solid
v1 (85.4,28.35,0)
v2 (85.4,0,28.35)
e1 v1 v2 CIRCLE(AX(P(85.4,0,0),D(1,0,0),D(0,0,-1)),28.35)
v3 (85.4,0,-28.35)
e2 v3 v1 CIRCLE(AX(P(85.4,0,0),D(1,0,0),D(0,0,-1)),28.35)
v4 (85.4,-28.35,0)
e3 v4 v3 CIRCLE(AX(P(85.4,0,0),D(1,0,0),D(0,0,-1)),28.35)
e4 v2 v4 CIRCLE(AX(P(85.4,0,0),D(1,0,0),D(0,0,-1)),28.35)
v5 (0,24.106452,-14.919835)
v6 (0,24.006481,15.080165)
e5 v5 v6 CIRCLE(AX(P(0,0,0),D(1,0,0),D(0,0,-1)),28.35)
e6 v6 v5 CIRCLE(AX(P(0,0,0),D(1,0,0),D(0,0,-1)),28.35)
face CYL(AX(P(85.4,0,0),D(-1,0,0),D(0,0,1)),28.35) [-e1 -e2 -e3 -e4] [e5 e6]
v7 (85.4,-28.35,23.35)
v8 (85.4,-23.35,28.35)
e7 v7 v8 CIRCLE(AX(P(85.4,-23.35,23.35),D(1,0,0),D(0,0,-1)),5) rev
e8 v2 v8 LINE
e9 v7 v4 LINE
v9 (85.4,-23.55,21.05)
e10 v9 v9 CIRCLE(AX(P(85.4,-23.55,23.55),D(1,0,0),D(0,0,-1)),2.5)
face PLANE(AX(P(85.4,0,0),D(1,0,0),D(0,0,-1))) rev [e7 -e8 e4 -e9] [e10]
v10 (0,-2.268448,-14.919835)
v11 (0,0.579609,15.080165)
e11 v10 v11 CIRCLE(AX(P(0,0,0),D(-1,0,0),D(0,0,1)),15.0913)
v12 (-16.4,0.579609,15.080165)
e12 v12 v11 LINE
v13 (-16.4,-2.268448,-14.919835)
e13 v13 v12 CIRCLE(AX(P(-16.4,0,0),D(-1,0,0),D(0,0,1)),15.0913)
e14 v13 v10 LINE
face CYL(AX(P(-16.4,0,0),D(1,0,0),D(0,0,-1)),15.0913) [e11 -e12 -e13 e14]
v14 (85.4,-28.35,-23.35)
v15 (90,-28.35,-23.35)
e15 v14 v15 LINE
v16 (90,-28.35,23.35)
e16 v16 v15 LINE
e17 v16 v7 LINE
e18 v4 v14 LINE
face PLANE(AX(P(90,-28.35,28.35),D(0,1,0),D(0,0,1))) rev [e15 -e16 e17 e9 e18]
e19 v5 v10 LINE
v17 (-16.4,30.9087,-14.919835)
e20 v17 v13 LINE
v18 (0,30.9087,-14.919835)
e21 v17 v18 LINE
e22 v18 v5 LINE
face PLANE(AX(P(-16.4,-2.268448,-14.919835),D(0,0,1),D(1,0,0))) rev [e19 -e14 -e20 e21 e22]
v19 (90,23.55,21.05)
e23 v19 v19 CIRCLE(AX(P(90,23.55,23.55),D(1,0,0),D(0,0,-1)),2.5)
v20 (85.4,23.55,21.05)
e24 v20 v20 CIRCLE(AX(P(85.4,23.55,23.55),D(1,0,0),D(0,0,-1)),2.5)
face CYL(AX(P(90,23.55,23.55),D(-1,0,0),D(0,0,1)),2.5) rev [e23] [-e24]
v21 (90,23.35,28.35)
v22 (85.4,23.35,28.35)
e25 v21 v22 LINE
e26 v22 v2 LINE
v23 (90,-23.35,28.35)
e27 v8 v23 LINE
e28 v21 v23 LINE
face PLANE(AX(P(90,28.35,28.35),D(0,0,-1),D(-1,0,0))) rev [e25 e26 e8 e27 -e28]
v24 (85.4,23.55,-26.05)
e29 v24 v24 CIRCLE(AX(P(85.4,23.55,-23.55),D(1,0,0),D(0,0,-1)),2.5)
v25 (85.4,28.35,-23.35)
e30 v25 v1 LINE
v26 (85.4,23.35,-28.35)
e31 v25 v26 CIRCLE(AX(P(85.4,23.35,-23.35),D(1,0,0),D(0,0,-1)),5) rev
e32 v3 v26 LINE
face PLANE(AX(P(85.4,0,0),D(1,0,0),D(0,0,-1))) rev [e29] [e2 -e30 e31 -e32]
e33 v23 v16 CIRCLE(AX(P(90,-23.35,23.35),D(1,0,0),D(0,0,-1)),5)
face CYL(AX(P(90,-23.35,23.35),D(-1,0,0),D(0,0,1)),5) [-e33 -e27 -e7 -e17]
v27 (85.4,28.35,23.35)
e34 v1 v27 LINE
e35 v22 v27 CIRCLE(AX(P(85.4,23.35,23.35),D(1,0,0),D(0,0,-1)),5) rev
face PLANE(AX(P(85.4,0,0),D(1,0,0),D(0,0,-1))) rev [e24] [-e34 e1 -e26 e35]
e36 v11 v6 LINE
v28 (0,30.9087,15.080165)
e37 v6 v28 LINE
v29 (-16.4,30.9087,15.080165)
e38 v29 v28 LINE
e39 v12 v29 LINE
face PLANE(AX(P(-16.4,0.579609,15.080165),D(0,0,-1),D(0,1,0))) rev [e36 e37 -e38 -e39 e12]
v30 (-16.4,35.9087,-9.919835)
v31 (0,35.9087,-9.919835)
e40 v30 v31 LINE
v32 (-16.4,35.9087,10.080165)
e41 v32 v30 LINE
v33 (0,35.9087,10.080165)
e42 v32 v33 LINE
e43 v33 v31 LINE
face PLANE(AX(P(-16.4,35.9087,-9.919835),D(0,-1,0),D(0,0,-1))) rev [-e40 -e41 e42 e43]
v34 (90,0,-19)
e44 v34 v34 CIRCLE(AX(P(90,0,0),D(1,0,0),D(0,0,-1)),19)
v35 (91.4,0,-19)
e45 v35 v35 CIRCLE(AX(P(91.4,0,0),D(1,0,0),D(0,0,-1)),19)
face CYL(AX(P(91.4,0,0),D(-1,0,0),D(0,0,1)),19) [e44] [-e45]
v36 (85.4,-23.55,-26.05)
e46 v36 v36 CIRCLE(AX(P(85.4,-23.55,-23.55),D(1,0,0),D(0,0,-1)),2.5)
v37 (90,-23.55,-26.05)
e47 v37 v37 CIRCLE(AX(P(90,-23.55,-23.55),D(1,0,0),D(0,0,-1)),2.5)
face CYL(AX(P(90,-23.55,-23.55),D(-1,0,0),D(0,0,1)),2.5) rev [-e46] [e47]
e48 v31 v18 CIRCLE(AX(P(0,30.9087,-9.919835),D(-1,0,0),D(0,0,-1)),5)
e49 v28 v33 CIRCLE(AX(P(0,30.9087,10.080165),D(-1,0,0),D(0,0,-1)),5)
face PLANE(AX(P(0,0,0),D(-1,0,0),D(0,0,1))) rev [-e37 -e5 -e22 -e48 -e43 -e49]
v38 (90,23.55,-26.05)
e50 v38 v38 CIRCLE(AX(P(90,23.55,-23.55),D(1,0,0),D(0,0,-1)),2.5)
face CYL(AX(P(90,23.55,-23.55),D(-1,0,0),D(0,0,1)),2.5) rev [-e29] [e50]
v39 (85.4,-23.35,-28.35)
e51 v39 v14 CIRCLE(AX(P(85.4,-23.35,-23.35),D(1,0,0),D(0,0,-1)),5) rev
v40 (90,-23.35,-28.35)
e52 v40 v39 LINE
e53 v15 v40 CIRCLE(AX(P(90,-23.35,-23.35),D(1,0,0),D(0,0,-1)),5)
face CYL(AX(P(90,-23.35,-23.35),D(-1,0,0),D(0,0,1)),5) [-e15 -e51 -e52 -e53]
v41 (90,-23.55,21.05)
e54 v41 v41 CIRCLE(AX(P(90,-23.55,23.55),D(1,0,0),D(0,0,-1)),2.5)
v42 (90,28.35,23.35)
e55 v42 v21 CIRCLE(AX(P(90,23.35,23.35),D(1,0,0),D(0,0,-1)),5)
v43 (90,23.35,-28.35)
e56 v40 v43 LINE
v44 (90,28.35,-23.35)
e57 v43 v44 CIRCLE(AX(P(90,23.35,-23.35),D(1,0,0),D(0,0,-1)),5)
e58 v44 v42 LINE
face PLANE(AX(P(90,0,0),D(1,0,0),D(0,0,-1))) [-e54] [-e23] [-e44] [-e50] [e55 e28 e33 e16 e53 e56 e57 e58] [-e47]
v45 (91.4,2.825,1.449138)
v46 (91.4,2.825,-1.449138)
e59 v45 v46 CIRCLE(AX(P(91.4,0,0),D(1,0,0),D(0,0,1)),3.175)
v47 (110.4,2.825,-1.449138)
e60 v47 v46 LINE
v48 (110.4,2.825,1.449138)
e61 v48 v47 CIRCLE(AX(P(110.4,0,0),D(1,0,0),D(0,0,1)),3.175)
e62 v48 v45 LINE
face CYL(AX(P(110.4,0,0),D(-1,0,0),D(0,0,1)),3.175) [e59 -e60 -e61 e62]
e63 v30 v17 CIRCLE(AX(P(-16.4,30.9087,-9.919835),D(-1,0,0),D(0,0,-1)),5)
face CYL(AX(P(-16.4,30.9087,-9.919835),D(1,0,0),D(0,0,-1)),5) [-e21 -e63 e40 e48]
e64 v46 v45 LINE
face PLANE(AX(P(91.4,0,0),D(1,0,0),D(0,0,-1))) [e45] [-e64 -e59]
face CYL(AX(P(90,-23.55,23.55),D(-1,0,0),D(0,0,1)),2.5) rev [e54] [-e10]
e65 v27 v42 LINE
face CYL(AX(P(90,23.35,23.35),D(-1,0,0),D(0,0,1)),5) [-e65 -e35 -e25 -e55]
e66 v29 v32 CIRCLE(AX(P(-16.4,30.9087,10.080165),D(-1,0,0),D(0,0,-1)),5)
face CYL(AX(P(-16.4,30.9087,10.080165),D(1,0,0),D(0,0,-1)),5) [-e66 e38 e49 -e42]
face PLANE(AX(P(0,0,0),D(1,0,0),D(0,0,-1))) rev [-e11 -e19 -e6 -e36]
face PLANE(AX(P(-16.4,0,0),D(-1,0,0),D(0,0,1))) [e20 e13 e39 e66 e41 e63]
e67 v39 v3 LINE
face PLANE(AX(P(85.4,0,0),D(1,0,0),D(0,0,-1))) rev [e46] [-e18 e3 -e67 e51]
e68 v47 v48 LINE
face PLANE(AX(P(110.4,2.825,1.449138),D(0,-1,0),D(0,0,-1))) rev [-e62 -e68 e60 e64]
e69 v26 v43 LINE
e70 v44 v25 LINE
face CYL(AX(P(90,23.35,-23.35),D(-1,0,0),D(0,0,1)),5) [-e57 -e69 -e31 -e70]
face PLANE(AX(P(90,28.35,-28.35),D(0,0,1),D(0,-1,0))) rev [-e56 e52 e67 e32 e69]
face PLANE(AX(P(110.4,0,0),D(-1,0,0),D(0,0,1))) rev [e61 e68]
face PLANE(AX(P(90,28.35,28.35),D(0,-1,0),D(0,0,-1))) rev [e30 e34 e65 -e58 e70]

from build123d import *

# Parameters (mm, degrees)
SKETCH1_R           = 28.35
BOSS_EXTRUDE1_DEPTH = 85.4
SKETCH2_W           = 56.7
SKETCH2_H           = 56.7
SKETCH2_R           = 2.5
BOSS_EXTRUDE2_DEPTH = 4.6
SKETCH3_R           = 19
BOSS_EXTRUDE3_DEPTH = 1.4
BOSS_EXTRUDE4_DEPTH = 19
FILLET1_R           = 5
BOSS_EXTRUDE5_DEPTH = 16.4


with BuildPart() as part:
    # Sketch1 → Boss-Extrude1 (new body)
    with BuildSketch(Plane(origin=(0, 0, 0), x_dir=(0, 0, -1), z_dir=(1, 0, 0))):
        with Locations(Location((0, 0, 0), (0, 0, 180))):
            Circle(SKETCH1_R)
    extrude(amount=BOSS_EXTRUDE1_DEPTH)

    # Sketch2 → Boss-Extrude2 (add)
    with BuildSketch(Plane(origin=(85.4, 0, 0), x_dir=(0, 0, -1), z_dir=(1, 0, 0))):
        Rectangle(SKETCH2_W, SKETCH2_H)
        with Locations((-23.55, 23.55)):
            Circle(SKETCH2_R, mode=Mode.SUBTRACT)
        with Locations((23.55, 23.55)):
            Circle(SKETCH2_R, mode=Mode.SUBTRACT)
        with Locations((23.55, -23.55)):
            Circle(SKETCH2_R, mode=Mode.SUBTRACT)
        with Locations((-23.55, -23.55)):
            Circle(SKETCH2_R, mode=Mode.SUBTRACT)
    extrude(amount=BOSS_EXTRUDE2_DEPTH)

    # Sketch3 → Boss-Extrude3 (add)
    with BuildSketch(Plane(origin=(90, 0, 0), x_dir=(0, 0, -1), z_dir=(1, 0, 0))):
        Circle(SKETCH3_R)
    extrude(amount=BOSS_EXTRUDE3_DEPTH)

    # Sketch4 → Boss-Extrude4 (add)
    with BuildSketch(Plane(origin=(91.4, 0, 0), x_dir=(0, 0, -1), z_dir=(1, 0, 0))):
        with BuildLine():
            Line((-1.449137675, 2.825), (1.449137675, 2.825))
            ThreePointArc((1.449137675, 2.825), (0, -3.175), (-1.449137675, 2.825))
        make_face()
    extrude(amount=BOSS_EXTRUDE4_DEPTH)

    # Fillet1
    fillet1_edges = [part.edges().sort_by_distance(p)[0] for p in [
        (87.7, -28.35, 28.35),
        (87.7, -28.35, -28.35),
        (87.7, 28.35, -28.35),
        (87.7, 28.35, 28.35),
    ]]
    fillet(fillet1_edges, radius=FILLET1_R)

    # Sketch5 → Boss-Extrude5 (add)
    with BuildSketch(Plane.ZY):
        with BuildLine():
            Line((-14.919834855, -2.268447858), (-14.919834855, 30.908700262))
            ThreePointArc((-14.919834855, 30.908700262), (-13.455368761, 34.444234167), (-9.919834855, 35.908700262))
            Line((-9.919834855, 35.908700262), (10.080165145, 35.908700262))
            ThreePointArc((10.080165145, 35.908700262), (13.615699051, 34.444234167), (15.080165145, 30.908700262))
            Line((15.080165145, 30.908700262), (15.080165145, 0.579609357))
            ThreePointArc((15.080165145, 0.579609357), (1.426283256, -15.023749328), (-14.919834855, -2.268447858))
        make_face()
    extrude(amount=BOSS_EXTRUDE5_DEPTH)


solid = part.part
